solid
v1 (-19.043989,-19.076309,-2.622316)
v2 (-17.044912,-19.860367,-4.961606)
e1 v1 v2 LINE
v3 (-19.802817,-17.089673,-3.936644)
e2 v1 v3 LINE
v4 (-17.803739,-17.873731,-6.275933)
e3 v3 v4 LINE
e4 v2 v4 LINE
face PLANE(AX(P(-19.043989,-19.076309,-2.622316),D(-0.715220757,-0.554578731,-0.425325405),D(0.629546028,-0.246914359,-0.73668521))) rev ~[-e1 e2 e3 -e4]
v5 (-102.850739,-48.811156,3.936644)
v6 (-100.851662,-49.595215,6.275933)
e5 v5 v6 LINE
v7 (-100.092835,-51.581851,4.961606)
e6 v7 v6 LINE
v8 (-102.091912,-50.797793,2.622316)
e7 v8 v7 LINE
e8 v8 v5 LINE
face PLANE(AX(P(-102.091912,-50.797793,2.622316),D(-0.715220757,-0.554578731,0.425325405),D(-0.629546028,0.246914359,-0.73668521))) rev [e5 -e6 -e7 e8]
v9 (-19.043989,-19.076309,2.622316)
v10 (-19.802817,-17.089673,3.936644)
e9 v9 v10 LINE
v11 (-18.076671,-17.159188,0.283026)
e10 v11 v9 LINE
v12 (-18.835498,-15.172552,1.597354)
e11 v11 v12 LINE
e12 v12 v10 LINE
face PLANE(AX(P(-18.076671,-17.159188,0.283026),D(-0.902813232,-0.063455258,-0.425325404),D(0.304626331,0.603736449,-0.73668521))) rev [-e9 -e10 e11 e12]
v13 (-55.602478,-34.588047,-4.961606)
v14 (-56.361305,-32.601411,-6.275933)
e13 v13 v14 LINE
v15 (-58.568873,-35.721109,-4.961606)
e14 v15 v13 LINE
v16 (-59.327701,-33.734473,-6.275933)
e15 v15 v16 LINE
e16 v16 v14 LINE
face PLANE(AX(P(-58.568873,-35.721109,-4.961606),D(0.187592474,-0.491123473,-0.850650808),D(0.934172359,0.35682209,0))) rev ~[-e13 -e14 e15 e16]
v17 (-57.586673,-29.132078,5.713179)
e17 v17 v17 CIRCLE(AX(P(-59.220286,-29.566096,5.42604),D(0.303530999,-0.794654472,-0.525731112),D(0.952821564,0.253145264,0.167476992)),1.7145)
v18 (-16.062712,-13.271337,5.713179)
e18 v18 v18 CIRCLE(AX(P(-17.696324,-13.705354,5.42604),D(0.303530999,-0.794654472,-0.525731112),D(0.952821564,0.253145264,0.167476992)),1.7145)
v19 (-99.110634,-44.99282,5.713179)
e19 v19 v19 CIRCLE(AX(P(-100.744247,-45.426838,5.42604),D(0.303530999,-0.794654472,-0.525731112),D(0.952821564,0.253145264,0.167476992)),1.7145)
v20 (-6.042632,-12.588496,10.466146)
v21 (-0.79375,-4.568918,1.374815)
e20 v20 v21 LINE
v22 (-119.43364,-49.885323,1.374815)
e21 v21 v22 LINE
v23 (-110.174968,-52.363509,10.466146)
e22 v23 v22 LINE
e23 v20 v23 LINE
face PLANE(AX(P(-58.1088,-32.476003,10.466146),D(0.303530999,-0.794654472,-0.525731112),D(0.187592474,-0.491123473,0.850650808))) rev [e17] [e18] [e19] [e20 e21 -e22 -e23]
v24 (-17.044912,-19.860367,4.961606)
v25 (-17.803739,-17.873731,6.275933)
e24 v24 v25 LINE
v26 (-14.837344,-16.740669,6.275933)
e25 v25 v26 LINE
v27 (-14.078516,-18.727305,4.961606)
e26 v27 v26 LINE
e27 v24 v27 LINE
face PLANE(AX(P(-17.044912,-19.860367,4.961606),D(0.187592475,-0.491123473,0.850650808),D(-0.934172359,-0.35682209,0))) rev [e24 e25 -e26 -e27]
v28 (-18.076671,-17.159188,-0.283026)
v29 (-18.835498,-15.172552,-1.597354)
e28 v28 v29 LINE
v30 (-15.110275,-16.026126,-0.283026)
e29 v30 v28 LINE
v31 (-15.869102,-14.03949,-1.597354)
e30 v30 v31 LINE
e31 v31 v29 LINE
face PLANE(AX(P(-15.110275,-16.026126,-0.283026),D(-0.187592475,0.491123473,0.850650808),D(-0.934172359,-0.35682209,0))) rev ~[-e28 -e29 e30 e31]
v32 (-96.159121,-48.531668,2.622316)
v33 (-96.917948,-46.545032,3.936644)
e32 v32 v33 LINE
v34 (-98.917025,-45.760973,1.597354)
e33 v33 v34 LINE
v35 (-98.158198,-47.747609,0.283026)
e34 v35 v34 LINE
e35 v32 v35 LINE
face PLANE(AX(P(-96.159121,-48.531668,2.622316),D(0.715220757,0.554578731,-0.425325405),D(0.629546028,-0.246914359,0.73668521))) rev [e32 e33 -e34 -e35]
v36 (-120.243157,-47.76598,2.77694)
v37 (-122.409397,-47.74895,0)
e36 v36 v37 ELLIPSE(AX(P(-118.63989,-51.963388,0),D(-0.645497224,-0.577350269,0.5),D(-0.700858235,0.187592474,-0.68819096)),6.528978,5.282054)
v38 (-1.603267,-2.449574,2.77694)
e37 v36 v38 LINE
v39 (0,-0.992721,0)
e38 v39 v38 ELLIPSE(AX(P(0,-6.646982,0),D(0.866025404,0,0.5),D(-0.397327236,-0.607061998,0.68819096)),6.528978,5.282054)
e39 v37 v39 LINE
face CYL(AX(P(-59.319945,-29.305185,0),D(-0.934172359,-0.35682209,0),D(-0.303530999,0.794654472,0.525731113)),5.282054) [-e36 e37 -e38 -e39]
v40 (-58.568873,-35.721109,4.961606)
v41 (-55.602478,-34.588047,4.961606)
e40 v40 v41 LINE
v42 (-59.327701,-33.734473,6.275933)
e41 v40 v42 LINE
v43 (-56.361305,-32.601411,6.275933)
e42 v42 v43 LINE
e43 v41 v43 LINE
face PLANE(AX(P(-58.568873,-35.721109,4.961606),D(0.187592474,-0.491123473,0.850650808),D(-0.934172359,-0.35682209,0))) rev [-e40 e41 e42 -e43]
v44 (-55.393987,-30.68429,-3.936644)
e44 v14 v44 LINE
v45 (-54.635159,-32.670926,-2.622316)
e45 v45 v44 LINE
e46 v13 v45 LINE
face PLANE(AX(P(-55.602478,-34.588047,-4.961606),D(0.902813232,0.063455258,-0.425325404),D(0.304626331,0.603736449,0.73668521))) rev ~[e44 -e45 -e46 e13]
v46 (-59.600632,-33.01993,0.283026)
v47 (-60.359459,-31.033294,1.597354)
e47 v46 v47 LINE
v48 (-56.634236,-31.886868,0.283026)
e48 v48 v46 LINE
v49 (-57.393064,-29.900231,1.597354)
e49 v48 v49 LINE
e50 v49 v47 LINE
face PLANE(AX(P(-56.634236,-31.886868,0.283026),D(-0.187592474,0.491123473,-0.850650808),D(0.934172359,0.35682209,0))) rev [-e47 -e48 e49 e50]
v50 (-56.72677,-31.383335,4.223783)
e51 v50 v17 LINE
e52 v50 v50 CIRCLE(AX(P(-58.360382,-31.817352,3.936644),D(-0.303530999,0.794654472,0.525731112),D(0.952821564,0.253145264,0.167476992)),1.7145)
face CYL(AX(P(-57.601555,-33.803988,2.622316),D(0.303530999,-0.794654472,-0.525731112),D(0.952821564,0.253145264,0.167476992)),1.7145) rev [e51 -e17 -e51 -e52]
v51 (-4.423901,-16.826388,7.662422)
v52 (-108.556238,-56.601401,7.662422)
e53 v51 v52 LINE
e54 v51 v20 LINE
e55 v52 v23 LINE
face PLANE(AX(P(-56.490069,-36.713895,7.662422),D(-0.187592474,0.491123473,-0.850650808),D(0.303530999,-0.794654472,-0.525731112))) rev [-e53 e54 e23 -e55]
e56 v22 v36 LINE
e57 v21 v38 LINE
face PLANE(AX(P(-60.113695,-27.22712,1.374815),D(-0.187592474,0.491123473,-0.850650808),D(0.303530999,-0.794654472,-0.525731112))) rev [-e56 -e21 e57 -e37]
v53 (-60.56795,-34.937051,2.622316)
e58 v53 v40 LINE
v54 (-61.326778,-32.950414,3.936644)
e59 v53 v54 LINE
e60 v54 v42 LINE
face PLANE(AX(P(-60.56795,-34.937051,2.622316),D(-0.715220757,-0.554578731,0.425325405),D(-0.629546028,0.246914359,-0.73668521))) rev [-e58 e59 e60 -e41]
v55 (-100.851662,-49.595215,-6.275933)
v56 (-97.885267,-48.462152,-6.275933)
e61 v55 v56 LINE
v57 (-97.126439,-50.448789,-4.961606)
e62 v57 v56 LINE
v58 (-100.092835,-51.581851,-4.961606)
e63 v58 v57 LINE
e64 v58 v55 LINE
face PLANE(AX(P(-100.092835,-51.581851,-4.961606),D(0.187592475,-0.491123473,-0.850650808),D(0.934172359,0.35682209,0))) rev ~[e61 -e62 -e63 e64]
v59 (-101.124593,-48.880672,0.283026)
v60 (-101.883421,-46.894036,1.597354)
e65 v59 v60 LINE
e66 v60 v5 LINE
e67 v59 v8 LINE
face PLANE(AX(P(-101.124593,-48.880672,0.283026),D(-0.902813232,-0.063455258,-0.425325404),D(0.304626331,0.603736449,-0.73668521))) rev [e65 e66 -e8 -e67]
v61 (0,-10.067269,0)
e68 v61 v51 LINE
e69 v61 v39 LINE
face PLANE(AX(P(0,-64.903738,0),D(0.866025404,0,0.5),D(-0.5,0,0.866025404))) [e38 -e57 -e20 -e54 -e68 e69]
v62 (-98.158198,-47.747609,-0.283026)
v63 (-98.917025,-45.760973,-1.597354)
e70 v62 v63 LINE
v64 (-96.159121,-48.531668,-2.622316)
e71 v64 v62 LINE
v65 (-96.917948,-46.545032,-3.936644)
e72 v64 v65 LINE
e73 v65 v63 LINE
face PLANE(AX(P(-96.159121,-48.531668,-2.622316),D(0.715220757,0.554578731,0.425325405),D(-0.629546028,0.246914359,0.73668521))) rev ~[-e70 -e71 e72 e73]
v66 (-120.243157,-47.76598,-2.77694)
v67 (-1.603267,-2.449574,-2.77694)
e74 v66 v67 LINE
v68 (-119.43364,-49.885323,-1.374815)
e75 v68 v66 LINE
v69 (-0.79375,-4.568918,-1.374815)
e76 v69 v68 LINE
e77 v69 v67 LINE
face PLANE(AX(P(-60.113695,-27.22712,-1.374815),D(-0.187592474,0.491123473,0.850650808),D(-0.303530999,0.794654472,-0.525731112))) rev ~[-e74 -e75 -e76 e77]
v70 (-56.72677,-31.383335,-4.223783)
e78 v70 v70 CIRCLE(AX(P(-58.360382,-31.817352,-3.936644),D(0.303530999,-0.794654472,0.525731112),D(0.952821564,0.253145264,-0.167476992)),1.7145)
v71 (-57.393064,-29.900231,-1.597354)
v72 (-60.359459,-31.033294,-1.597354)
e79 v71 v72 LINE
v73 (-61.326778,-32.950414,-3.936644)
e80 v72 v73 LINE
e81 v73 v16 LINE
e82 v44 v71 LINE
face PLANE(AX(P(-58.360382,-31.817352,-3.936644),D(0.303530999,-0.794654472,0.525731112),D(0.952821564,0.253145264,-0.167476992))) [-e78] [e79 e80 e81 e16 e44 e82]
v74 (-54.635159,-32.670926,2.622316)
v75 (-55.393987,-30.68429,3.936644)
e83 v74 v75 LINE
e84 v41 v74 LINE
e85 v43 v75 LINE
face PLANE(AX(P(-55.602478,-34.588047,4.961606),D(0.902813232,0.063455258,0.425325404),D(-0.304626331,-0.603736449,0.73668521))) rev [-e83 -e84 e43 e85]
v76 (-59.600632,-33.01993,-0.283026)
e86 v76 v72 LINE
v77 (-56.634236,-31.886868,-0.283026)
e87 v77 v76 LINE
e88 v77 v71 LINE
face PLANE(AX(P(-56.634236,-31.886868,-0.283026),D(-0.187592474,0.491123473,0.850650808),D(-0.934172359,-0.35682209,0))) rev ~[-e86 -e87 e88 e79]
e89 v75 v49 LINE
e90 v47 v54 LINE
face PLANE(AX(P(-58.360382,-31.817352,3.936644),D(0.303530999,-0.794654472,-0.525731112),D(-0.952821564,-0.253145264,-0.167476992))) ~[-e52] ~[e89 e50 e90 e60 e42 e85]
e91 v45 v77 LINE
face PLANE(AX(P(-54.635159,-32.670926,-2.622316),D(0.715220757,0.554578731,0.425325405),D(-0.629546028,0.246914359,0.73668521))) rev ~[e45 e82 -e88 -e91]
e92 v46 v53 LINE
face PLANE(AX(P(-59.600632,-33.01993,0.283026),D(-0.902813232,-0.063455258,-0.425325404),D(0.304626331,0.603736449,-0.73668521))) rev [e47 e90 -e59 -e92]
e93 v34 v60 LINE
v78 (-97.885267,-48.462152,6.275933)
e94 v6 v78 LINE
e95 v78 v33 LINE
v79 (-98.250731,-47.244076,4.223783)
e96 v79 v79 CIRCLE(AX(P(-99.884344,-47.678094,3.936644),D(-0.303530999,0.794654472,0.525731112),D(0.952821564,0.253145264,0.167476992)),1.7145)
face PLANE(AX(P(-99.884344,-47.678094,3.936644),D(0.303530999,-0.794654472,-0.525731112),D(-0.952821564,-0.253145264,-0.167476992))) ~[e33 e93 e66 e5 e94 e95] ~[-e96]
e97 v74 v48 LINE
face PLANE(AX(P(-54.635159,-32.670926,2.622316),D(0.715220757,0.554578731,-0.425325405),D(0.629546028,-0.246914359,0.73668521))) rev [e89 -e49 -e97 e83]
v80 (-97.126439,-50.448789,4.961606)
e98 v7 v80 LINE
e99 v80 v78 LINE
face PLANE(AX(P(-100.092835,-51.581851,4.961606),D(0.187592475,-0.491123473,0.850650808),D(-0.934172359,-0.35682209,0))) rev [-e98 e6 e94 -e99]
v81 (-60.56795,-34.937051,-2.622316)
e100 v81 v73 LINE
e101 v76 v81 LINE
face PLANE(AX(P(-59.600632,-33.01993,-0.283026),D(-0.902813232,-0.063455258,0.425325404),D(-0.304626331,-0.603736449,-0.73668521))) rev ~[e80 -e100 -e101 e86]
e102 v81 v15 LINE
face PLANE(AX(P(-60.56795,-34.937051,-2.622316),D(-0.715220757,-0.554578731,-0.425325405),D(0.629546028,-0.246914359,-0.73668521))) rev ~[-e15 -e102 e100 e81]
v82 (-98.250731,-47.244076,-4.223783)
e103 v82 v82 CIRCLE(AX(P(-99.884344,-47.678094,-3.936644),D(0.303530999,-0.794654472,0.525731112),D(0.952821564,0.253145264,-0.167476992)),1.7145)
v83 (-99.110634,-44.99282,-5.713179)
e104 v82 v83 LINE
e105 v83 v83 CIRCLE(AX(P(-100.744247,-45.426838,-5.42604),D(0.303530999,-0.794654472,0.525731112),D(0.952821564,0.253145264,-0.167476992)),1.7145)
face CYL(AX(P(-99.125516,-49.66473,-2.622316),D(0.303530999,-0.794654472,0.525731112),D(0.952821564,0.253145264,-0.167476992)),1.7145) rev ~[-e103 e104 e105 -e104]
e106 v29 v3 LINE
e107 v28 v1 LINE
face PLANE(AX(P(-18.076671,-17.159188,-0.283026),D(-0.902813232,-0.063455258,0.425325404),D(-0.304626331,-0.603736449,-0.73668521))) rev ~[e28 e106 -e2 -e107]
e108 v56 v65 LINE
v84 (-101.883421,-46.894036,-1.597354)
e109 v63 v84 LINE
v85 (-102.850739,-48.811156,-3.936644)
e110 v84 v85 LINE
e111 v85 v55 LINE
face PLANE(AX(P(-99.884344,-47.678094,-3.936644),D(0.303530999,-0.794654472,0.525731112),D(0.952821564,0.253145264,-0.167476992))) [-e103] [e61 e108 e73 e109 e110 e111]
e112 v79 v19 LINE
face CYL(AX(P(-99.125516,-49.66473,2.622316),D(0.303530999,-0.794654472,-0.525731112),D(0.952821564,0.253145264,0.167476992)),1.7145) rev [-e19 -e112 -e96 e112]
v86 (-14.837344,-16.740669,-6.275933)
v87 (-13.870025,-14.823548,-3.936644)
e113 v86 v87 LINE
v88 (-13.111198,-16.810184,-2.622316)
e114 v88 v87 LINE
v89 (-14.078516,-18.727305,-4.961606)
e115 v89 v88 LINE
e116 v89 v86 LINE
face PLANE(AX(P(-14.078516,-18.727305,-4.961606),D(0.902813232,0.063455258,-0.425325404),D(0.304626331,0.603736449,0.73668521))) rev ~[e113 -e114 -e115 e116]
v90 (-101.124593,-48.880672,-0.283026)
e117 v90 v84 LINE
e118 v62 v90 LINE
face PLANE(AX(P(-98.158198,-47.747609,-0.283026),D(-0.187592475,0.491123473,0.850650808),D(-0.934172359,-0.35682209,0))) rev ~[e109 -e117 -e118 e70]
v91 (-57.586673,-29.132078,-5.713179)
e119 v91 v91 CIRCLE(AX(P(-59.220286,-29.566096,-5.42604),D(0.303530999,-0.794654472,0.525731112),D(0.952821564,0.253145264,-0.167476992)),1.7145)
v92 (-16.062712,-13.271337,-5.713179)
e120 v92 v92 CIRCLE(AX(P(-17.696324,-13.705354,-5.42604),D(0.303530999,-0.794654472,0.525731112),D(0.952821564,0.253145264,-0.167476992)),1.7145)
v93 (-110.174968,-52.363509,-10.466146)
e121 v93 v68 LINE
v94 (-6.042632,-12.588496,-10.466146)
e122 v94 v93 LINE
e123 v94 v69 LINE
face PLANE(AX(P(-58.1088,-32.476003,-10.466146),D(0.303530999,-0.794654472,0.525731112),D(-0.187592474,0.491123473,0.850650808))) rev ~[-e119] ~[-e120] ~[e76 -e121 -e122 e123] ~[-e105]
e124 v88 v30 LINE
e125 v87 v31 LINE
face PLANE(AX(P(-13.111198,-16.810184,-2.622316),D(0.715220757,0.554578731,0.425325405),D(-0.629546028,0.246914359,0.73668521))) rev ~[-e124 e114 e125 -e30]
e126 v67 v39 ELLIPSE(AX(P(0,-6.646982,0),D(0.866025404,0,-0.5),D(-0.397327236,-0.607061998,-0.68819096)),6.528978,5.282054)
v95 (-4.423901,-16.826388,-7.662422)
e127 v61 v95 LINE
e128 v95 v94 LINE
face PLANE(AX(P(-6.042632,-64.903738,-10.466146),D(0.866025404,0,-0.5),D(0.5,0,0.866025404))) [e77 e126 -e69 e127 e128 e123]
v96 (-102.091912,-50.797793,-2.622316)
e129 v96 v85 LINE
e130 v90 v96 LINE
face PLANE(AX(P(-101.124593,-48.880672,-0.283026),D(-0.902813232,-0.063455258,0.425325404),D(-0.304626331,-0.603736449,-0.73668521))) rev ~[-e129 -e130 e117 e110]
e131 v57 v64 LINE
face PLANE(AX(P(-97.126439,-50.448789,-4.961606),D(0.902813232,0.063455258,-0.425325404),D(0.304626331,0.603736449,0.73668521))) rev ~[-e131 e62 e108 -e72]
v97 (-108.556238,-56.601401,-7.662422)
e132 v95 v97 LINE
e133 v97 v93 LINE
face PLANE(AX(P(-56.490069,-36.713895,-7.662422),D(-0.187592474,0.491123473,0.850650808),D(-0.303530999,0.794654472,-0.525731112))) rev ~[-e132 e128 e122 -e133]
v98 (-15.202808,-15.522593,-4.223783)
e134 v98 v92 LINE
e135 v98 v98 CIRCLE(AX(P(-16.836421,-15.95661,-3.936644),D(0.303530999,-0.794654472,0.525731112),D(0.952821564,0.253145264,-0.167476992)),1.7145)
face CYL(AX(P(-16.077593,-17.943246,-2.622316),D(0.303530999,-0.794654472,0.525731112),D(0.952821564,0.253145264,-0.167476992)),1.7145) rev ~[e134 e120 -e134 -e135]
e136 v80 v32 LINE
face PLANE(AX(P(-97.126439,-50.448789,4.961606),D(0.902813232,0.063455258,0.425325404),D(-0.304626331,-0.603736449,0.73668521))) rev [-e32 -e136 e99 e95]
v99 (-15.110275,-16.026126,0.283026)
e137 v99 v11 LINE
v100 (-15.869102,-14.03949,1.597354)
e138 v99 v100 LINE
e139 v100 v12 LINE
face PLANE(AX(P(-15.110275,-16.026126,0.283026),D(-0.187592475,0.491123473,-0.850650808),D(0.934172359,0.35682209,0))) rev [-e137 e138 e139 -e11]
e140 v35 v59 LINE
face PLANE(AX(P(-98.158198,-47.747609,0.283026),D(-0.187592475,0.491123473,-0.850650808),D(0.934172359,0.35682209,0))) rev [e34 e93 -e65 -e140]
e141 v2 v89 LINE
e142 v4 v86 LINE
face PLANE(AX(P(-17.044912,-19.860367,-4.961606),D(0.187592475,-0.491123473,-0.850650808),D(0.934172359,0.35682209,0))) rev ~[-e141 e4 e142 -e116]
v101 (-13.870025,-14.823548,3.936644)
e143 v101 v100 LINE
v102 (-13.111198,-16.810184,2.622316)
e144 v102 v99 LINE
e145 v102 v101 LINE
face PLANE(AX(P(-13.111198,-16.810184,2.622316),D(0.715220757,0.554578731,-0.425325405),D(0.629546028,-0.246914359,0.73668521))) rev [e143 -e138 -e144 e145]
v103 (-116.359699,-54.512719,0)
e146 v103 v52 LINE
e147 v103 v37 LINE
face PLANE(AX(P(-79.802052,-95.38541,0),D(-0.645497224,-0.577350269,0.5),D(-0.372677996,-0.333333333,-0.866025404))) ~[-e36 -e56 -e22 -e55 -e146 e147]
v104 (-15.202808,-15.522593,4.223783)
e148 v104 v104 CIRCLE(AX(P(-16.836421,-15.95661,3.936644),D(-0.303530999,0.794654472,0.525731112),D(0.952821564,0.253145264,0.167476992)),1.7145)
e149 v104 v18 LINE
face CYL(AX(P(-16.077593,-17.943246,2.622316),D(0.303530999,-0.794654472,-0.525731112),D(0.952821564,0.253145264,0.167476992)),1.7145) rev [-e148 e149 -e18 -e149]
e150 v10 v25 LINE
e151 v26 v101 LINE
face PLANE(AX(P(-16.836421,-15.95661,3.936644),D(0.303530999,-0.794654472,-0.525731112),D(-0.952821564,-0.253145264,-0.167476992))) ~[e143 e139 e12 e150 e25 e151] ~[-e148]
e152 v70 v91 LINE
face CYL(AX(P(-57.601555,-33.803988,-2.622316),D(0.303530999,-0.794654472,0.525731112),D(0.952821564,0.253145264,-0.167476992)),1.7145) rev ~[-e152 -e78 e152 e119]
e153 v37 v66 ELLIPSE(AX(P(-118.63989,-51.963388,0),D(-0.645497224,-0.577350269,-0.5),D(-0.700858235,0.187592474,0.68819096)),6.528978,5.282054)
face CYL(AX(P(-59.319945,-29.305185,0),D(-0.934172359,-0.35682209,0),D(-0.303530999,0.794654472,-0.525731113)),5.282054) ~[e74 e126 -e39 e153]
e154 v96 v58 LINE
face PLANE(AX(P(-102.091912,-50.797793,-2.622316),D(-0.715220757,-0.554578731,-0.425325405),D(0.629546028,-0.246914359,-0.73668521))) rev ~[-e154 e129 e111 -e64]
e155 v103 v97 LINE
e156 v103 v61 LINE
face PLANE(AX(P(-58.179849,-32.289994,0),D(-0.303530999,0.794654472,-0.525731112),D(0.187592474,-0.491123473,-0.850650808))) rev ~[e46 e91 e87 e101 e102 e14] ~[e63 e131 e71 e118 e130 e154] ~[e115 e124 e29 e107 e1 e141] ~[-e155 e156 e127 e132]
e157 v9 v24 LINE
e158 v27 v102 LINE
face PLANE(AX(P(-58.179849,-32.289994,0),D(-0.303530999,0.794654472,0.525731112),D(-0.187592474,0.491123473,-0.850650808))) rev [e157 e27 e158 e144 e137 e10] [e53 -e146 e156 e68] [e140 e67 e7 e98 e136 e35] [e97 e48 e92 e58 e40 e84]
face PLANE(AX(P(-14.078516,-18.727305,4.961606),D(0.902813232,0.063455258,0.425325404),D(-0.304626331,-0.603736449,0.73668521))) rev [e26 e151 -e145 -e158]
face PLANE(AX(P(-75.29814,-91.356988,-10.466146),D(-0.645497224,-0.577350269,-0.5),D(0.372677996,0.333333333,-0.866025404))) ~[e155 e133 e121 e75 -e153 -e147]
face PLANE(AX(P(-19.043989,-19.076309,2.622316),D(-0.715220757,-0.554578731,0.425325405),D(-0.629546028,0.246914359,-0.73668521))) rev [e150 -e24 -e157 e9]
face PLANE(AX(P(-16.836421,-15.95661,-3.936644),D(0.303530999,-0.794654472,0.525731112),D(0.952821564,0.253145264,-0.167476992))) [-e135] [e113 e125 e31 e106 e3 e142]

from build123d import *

# Parameters (mm, degrees)
BOSS_EXTRUDE1_DEPTH = 76.2
CUT_EXTRUDE2_START  = -64.90373811
CUT_EXTRUDE2_DEPTH  = 68.722745412
SKETCH4_R           = 1.7145
CUT_EXTRUDE3_DEPTH  = 2.5
SKETCH6_R           = 1.7145
CUT_EXTRUDE4_DEPTH  = 50.868554483


with BuildPart() as part:
    # Sketch2 → Boss-Extrude1 (new body, symmetric)
    with BuildSketch(Plane(origin=(-61.535605536, -23.504509797, 0), x_dir=(0, 0, 1), z_dir=(-0.934172359, -0.35682209, 0))):
        with BuildLine():
            Line((-1.374815328, -3.984929137), (-2.776940204, -1.716243431))
            ThreePointArc((-2.776940204, -1.716243431), (-1.443408604, -1.128416568), (0, -0.927372913))
            Line((0, -0.927372913), (0, -9.404564037))
            Line((0, -9.404564037), (-7.662421822, -14.140201159))
            Line((-7.662421822, -14.140201159), (-10.466145843, -9.603680398))
            Line((-10.466145843, -9.603680398), (-1.374815328, -3.984929137))
        make_face()
    boss_extrude1 = extrude(amount=BOSS_EXTRUDE1_DEPTH, both=True)

    # Mirror4: Boss-Extrude1 across plane
    add(boss_extrude1.mirror(Plane(origin=(13.00408441, -5.100150327, 0), x_dir=(1, 0, 0), z_dir=(0, 0, 1))))

    # Sketch3 → Cut-Extrude2 (cut)
    with BuildSketch(Plane(origin=(0, 0, 0), x_dir=(1, 0, 0), z_dir=(0, 1, 0)).offset(CUT_EXTRUDE2_START)):
        Polygon((-6.04263212, 10.466145843), (0, 0), (-6.04263212, -10.466145843), (57.45736788, -10.466145843), (57.45736788, 10.466145843), align=None)
    cut_extrude2 = extrude(amount=CUT_EXTRUDE2_DEPTH, mode=Mode.SUBTRACT)

    # Mirror5: Cut-Extrude2 across plane
    add(cut_extrude2.mirror(Plane(origin=(-61.535605536, -23.504509797, 0), x_dir=(0, 0, 1), z_dir=(0.934172359, 0.35682209, 0))), mode=Mode.SUBTRACT)

    # Sketch4 → Cut-Extrude3 (cut)
    with BuildSketch(Plane(origin=(2.428247993, -6.357235778, 4.205848897), x_dir=(0.952821564, 0.253145264, -0.167476992), z_dir=(0.303530999, -0.794654472, 0.525731112))):
        Polygon((-109.695418088, -30.215326769), (-107.597357756, -32.598911501), (-104.48408266, -31.973730321), (-103.468867896, -28.964964409), (-105.566928228, -26.581379677), (-108.680203324, -27.206560857), align=None)
        with Locations((-106.582142992, -29.590145589)):
            Circle(SKETCH4_R, mode=Mode.SUBTRACT)
        Polygon((-66.115420605, -21.46396577), (-64.017360273, -23.847550502), (-60.904085176, -23.222369322), (-59.888870412, -20.21360341), (-61.986930744, -17.830018678), (-65.100205841, -18.455199858), align=None)
        with Locations((-63.002145509, -20.83878459)):
            Circle(SKETCH4_R, mode=Mode.SUBTRACT)
        Polygon((-22.535423121, -12.712604771), (-20.437362789, -15.096189503), (-17.324087693, -14.471008323), (-16.308872929, -11.462242411), (-18.406933261, -9.078657679), (-21.520208357, -9.703838859), align=None)
        with Locations((-19.422148025, -12.087423591)):
            Circle(SKETCH4_R, mode=Mode.SUBTRACT)
    cut_extrude3 = extrude(amount=-CUT_EXTRUDE3_DEPTH, mode=Mode.SUBTRACT)

    # Sketch6 → Cut-Extrude4 (cut, through all)
    with BuildSketch(Plane(origin=(2.428247993, -6.357235778, 4.205848897), x_dir=(0.952821564, 0.253145264, -0.167476992), z_dir=(0.303530999, -0.794654472, 0.525731112))):
        with Locations((-106.582142992, -29.590145589)):
            Circle(SKETCH6_R)
        with Locations((-63.002145509, -20.83878459)):
            Circle(SKETCH6_R)
        with Locations((-19.422148025, -12.087423591)):
            Circle(SKETCH6_R)
    cut_extrude4 = extrude(amount=-CUT_EXTRUDE4_DEPTH, mode=Mode.SUBTRACT)

    # Mirror6: Cut-Extrude3, Cut-Extrude4 across plane
    add(cut_extrude3.mirror(Plane.XY), mode=Mode.SUBTRACT)
    add(cut_extrude4.mirror(Plane.XY), mode=Mode.SUBTRACT)


solid = part.part
